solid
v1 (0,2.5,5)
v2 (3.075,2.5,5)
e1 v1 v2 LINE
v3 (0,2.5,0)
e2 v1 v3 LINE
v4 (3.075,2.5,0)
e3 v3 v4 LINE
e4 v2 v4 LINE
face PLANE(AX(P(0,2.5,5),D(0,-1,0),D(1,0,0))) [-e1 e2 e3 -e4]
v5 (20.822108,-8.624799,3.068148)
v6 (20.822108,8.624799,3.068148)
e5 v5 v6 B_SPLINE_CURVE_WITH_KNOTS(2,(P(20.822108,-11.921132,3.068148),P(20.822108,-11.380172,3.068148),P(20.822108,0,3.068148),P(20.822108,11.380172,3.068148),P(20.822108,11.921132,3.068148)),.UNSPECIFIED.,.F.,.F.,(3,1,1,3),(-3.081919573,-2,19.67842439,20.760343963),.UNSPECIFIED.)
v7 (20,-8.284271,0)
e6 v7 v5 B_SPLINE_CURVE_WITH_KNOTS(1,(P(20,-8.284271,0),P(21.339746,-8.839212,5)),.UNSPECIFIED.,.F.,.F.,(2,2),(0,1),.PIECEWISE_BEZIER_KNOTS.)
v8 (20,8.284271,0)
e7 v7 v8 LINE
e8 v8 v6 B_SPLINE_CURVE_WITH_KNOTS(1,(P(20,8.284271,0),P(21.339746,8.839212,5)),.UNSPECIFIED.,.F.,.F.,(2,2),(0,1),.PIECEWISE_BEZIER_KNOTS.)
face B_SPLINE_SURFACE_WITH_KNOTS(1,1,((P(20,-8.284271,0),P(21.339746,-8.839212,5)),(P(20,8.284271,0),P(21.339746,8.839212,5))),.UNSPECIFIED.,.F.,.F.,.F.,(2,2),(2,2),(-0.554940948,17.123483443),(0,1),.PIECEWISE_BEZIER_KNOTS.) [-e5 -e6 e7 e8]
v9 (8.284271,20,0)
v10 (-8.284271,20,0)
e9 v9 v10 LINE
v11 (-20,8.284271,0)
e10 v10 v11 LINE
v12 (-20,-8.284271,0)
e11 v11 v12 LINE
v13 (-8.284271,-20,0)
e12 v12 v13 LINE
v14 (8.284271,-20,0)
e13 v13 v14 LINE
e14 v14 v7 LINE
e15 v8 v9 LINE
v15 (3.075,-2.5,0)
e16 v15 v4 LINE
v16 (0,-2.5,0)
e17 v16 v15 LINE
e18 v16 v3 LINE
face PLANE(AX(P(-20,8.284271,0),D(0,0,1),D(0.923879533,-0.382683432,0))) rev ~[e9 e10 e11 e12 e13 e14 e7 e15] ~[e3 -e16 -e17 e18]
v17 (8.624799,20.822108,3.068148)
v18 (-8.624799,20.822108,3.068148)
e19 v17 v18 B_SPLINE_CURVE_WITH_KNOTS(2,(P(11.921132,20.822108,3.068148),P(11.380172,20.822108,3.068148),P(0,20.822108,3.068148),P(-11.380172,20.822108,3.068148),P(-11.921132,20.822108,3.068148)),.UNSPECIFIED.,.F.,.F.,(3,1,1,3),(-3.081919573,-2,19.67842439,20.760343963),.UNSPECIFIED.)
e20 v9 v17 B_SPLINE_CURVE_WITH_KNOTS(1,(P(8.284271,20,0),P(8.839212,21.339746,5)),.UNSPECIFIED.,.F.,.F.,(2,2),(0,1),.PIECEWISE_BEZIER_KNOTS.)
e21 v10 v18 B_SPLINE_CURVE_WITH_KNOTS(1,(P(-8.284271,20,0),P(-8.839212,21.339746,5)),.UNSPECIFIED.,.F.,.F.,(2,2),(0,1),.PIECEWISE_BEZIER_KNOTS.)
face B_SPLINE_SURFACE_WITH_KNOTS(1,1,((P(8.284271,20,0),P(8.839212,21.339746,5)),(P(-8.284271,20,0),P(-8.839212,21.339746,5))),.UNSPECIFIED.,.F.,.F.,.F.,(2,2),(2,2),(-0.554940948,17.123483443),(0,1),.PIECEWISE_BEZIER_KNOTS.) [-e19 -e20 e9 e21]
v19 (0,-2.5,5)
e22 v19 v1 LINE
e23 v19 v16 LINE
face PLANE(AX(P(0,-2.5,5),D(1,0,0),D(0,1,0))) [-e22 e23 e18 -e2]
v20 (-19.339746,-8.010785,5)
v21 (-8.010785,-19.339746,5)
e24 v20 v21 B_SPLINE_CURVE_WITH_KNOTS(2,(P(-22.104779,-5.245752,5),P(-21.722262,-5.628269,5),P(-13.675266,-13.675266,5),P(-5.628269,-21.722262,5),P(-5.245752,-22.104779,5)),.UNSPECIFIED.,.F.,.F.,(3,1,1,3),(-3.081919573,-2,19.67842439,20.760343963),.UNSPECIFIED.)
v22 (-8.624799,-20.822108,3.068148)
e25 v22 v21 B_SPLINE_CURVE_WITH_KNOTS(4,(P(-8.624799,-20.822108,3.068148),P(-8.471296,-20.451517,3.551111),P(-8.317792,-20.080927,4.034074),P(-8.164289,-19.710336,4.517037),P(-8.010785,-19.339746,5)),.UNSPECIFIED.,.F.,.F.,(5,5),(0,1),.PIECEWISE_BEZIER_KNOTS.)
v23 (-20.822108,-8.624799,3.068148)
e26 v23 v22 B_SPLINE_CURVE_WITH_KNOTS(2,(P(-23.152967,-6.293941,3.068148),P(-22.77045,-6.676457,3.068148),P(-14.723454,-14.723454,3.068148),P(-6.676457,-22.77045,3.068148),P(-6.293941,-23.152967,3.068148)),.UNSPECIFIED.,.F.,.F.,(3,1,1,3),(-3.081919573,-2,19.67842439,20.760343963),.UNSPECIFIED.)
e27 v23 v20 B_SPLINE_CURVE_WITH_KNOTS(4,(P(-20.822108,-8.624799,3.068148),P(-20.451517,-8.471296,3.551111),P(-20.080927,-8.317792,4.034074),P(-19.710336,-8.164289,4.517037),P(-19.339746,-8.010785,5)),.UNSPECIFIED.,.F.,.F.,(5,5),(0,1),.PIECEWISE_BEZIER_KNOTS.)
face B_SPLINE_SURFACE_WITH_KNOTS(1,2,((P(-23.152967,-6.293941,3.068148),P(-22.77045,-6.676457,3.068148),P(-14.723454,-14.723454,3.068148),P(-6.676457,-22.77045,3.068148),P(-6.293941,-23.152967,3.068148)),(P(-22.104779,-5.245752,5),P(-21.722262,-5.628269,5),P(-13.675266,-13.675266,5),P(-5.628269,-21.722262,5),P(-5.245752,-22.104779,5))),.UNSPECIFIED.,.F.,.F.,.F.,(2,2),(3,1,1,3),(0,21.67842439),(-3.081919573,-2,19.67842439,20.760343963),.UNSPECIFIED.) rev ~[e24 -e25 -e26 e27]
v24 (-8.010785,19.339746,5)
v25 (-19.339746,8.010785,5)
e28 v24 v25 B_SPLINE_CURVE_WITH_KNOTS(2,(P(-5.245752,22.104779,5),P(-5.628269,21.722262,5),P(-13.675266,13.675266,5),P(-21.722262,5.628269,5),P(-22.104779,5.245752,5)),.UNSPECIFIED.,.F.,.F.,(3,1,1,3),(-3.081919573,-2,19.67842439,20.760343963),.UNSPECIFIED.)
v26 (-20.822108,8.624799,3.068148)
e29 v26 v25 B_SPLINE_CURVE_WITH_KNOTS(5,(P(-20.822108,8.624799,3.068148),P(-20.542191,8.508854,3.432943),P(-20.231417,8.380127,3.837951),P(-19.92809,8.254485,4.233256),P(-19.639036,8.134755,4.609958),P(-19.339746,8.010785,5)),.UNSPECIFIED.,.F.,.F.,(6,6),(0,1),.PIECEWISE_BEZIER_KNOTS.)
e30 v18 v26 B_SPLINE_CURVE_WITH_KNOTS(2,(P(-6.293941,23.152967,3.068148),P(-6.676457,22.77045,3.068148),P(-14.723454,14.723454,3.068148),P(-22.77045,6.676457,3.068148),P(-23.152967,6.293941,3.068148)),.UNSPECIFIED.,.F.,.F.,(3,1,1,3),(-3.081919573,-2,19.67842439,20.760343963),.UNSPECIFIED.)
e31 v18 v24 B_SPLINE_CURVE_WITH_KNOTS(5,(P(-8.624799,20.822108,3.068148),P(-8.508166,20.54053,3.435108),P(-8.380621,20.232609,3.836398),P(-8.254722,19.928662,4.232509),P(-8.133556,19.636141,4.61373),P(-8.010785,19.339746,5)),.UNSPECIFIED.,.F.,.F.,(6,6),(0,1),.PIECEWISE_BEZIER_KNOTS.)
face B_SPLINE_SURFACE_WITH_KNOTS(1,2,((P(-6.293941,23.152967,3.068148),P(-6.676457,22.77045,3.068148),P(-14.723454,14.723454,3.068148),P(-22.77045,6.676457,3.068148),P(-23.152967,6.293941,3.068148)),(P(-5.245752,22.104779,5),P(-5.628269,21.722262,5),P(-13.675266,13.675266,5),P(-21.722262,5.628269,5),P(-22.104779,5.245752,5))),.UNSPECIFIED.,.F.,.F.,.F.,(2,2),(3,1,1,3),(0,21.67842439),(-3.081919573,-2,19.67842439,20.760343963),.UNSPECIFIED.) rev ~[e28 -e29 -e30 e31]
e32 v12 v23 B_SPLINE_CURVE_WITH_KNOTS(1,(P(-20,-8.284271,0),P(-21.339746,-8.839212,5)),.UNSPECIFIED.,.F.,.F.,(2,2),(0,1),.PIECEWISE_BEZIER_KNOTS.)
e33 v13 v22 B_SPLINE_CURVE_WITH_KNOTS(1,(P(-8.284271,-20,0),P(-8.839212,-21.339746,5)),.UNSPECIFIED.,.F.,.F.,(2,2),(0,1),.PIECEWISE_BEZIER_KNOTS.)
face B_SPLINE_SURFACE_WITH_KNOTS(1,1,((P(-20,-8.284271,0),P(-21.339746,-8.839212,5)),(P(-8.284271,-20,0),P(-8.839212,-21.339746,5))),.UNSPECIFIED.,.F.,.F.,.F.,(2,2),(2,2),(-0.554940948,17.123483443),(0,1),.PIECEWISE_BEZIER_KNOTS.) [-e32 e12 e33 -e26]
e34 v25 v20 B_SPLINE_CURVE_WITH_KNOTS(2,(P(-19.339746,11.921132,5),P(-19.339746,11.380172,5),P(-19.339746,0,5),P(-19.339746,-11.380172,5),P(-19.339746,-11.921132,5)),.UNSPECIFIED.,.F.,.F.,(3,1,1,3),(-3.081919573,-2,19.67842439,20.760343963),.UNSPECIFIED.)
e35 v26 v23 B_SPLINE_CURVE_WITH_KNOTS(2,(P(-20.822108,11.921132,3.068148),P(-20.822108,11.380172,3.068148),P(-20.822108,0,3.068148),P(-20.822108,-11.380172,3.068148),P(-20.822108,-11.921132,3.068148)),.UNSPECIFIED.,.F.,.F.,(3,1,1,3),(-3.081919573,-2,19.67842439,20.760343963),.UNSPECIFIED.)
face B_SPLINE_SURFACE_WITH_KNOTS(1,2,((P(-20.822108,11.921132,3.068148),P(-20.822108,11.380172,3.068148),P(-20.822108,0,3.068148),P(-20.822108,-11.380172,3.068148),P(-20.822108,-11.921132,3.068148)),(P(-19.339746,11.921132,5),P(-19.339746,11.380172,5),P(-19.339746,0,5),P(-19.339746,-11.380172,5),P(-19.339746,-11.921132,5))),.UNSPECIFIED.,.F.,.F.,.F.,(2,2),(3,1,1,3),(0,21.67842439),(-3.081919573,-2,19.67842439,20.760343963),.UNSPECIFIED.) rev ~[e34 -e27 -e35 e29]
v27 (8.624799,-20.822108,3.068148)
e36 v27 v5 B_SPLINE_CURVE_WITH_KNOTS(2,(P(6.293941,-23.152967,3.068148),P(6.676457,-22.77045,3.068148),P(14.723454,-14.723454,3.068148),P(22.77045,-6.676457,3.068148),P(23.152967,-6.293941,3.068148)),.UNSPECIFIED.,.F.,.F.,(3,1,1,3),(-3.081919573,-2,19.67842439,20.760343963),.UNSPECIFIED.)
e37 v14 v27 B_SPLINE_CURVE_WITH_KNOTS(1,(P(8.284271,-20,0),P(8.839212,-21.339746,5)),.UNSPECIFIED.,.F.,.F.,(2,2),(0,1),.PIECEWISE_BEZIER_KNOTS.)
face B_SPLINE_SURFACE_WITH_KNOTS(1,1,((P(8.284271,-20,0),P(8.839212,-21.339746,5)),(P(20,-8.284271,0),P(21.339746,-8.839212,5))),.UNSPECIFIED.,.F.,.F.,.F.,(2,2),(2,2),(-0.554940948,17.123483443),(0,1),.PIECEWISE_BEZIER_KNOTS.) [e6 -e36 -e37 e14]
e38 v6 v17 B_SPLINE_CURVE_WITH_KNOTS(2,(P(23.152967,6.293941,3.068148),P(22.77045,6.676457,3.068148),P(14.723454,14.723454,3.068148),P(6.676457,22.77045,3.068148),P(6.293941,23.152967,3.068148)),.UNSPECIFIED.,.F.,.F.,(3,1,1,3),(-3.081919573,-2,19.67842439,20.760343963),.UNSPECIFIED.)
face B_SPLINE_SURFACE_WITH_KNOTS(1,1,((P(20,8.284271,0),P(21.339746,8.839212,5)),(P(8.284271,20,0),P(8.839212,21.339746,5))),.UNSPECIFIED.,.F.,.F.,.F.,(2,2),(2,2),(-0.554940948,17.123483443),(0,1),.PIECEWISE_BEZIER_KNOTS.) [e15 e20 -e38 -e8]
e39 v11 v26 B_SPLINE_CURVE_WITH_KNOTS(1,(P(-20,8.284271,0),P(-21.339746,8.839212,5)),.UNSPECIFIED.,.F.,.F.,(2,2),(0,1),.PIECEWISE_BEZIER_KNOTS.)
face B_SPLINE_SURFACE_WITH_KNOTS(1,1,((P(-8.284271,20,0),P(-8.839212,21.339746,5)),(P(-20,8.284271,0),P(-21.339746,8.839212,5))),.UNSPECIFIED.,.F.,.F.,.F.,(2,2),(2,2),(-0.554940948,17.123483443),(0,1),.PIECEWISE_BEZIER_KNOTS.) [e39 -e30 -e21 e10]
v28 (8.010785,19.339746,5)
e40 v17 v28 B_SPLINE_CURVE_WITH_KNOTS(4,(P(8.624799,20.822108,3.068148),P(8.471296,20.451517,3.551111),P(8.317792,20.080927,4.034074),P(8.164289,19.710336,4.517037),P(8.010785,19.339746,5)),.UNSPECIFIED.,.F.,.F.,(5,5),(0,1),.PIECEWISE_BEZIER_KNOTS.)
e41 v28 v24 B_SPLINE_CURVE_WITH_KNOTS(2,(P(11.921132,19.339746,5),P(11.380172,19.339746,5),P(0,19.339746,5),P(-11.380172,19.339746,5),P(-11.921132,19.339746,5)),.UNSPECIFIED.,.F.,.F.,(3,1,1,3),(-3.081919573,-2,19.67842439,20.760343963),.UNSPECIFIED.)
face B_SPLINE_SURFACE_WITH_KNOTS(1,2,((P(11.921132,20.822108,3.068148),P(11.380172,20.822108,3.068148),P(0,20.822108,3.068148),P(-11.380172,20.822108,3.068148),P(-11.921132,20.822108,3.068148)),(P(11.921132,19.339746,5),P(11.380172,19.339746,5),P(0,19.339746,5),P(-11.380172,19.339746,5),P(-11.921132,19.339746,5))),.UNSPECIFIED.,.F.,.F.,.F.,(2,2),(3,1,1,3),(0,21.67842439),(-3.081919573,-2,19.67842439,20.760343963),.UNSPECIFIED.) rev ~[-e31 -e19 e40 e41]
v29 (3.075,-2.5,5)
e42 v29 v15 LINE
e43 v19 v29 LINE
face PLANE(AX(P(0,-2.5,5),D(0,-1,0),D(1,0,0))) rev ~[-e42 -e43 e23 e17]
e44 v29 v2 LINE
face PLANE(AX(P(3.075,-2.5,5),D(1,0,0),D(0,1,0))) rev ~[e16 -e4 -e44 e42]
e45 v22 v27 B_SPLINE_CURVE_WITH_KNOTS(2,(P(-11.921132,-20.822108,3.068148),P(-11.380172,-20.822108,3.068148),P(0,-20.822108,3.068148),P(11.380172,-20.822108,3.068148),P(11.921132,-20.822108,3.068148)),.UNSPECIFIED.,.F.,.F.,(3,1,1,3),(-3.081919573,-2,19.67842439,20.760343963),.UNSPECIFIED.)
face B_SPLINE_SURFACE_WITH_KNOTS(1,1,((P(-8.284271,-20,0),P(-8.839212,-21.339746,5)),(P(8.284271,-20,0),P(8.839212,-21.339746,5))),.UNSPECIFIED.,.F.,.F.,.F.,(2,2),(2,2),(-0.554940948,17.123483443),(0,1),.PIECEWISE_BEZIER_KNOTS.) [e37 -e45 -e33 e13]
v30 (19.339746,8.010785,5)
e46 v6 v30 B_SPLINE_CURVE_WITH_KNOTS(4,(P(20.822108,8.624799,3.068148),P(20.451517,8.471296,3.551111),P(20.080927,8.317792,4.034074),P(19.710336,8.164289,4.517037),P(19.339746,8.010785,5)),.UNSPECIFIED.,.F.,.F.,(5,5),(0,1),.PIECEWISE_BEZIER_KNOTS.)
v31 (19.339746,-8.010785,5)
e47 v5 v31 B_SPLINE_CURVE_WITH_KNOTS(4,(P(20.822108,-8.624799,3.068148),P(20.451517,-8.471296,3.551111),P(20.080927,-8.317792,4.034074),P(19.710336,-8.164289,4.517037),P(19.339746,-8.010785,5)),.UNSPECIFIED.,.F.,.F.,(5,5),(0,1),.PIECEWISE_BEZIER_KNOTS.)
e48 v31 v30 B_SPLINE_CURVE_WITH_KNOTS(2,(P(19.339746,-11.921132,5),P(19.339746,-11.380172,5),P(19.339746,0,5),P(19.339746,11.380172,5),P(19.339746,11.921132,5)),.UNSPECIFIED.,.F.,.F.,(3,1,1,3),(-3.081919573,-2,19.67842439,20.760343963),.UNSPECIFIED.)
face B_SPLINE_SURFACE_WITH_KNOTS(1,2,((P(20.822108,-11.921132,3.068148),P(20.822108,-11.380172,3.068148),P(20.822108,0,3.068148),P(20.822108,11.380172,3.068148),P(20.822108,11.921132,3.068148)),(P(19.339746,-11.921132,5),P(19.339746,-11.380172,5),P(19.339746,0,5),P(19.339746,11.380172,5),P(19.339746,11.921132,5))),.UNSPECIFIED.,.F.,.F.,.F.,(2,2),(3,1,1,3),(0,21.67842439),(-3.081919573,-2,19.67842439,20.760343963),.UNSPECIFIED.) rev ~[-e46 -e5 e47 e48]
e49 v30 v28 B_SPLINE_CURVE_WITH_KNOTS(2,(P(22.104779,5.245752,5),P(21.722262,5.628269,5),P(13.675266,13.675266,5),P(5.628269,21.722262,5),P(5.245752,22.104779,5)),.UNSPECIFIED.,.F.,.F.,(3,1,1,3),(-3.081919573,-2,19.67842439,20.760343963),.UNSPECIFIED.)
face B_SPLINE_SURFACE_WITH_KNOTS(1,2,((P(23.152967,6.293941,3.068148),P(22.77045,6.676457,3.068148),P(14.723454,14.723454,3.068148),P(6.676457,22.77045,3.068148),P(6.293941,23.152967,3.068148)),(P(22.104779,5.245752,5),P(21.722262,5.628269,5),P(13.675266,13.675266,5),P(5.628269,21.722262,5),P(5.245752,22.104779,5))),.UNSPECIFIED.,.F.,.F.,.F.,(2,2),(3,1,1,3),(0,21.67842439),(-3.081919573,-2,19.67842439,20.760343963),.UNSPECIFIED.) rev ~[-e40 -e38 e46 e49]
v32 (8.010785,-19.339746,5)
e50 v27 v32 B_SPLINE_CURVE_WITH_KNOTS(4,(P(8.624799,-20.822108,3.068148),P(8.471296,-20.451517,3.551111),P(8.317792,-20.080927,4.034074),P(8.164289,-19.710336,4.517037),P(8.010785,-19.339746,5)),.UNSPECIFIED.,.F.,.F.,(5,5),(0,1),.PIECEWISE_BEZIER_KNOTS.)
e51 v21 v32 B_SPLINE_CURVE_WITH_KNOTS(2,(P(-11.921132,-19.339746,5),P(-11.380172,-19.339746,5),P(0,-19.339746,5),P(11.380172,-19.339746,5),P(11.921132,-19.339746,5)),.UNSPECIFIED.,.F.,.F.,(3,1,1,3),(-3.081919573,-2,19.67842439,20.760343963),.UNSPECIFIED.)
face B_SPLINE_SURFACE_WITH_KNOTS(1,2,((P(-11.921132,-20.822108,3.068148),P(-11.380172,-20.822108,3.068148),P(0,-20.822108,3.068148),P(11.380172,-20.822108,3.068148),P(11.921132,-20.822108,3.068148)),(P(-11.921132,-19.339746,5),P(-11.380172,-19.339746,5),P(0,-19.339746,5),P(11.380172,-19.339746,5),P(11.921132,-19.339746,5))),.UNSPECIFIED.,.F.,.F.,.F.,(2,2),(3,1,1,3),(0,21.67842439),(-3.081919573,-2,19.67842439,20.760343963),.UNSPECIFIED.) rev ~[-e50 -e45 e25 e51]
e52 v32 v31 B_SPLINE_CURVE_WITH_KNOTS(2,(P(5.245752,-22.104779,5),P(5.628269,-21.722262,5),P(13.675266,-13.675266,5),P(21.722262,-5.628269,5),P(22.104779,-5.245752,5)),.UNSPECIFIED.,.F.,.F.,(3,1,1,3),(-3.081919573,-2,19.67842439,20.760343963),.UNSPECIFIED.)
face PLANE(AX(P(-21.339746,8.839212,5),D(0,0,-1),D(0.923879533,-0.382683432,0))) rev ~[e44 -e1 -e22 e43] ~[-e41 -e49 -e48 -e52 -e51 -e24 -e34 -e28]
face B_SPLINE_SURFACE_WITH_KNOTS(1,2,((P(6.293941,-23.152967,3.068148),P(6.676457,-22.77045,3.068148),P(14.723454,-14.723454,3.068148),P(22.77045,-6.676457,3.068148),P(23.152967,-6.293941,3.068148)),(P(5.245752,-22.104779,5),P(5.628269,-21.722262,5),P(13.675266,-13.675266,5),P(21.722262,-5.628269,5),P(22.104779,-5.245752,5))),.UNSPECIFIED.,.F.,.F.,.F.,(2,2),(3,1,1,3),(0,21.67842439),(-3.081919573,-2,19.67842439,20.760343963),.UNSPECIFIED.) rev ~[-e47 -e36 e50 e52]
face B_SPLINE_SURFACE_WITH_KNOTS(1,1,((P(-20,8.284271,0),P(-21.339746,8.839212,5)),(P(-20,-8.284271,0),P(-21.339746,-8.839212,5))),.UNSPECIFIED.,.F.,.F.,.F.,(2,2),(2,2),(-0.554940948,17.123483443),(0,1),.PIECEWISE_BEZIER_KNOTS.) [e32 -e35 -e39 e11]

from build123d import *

# Parameters (mm, degrees)
F1_DEPTH = 5
F1_TAPER = -15
F2_SIZE  = 2
F3_W     = 3.075
F3_H     = 5
F4_DEPTH = 5


with BuildPart() as f1:
    # F0 (on Top) → F1 (new body)
    with BuildSketch(Plane.XY):
        Polygon((-20, 8.2842712475), (-20, -8.2842712475), (-8.2842712475, -20), (8.2842712475, -20), (20, -8.2842712475), (20, 8.2842712475), (8.2842712475, 20), (-8.2842712475, 20), align=None)
    extrude(amount=F1_DEPTH, taper=F1_TAPER)

    # F2
    f2_edges = [f1.edges().sort_by_distance(p)[0] for p in [
        (-15.089479, -15.089479, 5),
        (0, -21.339746, 5),
        (15.089479, -15.089479, 5),
        (-21.339746, 0, 5),
        (-15.089479, 15.089479, 5),
        (21.339746, 0, 5),
        (15.089479, 15.089479, 5),
        (0, 21.339746, 5),
    ]]
    chamfer(f2_edges, length=F2_SIZE)

    # F3 (on face) → F4 (cut)
    with BuildSketch(Plane.XY.offset(5)):
        with Locations((1.5375, 0)):
            Rectangle(F3_W, F3_H)
    extrude(amount=-F4_DEPTH, mode=Mode.SUBTRACT)


solid = f1.part
